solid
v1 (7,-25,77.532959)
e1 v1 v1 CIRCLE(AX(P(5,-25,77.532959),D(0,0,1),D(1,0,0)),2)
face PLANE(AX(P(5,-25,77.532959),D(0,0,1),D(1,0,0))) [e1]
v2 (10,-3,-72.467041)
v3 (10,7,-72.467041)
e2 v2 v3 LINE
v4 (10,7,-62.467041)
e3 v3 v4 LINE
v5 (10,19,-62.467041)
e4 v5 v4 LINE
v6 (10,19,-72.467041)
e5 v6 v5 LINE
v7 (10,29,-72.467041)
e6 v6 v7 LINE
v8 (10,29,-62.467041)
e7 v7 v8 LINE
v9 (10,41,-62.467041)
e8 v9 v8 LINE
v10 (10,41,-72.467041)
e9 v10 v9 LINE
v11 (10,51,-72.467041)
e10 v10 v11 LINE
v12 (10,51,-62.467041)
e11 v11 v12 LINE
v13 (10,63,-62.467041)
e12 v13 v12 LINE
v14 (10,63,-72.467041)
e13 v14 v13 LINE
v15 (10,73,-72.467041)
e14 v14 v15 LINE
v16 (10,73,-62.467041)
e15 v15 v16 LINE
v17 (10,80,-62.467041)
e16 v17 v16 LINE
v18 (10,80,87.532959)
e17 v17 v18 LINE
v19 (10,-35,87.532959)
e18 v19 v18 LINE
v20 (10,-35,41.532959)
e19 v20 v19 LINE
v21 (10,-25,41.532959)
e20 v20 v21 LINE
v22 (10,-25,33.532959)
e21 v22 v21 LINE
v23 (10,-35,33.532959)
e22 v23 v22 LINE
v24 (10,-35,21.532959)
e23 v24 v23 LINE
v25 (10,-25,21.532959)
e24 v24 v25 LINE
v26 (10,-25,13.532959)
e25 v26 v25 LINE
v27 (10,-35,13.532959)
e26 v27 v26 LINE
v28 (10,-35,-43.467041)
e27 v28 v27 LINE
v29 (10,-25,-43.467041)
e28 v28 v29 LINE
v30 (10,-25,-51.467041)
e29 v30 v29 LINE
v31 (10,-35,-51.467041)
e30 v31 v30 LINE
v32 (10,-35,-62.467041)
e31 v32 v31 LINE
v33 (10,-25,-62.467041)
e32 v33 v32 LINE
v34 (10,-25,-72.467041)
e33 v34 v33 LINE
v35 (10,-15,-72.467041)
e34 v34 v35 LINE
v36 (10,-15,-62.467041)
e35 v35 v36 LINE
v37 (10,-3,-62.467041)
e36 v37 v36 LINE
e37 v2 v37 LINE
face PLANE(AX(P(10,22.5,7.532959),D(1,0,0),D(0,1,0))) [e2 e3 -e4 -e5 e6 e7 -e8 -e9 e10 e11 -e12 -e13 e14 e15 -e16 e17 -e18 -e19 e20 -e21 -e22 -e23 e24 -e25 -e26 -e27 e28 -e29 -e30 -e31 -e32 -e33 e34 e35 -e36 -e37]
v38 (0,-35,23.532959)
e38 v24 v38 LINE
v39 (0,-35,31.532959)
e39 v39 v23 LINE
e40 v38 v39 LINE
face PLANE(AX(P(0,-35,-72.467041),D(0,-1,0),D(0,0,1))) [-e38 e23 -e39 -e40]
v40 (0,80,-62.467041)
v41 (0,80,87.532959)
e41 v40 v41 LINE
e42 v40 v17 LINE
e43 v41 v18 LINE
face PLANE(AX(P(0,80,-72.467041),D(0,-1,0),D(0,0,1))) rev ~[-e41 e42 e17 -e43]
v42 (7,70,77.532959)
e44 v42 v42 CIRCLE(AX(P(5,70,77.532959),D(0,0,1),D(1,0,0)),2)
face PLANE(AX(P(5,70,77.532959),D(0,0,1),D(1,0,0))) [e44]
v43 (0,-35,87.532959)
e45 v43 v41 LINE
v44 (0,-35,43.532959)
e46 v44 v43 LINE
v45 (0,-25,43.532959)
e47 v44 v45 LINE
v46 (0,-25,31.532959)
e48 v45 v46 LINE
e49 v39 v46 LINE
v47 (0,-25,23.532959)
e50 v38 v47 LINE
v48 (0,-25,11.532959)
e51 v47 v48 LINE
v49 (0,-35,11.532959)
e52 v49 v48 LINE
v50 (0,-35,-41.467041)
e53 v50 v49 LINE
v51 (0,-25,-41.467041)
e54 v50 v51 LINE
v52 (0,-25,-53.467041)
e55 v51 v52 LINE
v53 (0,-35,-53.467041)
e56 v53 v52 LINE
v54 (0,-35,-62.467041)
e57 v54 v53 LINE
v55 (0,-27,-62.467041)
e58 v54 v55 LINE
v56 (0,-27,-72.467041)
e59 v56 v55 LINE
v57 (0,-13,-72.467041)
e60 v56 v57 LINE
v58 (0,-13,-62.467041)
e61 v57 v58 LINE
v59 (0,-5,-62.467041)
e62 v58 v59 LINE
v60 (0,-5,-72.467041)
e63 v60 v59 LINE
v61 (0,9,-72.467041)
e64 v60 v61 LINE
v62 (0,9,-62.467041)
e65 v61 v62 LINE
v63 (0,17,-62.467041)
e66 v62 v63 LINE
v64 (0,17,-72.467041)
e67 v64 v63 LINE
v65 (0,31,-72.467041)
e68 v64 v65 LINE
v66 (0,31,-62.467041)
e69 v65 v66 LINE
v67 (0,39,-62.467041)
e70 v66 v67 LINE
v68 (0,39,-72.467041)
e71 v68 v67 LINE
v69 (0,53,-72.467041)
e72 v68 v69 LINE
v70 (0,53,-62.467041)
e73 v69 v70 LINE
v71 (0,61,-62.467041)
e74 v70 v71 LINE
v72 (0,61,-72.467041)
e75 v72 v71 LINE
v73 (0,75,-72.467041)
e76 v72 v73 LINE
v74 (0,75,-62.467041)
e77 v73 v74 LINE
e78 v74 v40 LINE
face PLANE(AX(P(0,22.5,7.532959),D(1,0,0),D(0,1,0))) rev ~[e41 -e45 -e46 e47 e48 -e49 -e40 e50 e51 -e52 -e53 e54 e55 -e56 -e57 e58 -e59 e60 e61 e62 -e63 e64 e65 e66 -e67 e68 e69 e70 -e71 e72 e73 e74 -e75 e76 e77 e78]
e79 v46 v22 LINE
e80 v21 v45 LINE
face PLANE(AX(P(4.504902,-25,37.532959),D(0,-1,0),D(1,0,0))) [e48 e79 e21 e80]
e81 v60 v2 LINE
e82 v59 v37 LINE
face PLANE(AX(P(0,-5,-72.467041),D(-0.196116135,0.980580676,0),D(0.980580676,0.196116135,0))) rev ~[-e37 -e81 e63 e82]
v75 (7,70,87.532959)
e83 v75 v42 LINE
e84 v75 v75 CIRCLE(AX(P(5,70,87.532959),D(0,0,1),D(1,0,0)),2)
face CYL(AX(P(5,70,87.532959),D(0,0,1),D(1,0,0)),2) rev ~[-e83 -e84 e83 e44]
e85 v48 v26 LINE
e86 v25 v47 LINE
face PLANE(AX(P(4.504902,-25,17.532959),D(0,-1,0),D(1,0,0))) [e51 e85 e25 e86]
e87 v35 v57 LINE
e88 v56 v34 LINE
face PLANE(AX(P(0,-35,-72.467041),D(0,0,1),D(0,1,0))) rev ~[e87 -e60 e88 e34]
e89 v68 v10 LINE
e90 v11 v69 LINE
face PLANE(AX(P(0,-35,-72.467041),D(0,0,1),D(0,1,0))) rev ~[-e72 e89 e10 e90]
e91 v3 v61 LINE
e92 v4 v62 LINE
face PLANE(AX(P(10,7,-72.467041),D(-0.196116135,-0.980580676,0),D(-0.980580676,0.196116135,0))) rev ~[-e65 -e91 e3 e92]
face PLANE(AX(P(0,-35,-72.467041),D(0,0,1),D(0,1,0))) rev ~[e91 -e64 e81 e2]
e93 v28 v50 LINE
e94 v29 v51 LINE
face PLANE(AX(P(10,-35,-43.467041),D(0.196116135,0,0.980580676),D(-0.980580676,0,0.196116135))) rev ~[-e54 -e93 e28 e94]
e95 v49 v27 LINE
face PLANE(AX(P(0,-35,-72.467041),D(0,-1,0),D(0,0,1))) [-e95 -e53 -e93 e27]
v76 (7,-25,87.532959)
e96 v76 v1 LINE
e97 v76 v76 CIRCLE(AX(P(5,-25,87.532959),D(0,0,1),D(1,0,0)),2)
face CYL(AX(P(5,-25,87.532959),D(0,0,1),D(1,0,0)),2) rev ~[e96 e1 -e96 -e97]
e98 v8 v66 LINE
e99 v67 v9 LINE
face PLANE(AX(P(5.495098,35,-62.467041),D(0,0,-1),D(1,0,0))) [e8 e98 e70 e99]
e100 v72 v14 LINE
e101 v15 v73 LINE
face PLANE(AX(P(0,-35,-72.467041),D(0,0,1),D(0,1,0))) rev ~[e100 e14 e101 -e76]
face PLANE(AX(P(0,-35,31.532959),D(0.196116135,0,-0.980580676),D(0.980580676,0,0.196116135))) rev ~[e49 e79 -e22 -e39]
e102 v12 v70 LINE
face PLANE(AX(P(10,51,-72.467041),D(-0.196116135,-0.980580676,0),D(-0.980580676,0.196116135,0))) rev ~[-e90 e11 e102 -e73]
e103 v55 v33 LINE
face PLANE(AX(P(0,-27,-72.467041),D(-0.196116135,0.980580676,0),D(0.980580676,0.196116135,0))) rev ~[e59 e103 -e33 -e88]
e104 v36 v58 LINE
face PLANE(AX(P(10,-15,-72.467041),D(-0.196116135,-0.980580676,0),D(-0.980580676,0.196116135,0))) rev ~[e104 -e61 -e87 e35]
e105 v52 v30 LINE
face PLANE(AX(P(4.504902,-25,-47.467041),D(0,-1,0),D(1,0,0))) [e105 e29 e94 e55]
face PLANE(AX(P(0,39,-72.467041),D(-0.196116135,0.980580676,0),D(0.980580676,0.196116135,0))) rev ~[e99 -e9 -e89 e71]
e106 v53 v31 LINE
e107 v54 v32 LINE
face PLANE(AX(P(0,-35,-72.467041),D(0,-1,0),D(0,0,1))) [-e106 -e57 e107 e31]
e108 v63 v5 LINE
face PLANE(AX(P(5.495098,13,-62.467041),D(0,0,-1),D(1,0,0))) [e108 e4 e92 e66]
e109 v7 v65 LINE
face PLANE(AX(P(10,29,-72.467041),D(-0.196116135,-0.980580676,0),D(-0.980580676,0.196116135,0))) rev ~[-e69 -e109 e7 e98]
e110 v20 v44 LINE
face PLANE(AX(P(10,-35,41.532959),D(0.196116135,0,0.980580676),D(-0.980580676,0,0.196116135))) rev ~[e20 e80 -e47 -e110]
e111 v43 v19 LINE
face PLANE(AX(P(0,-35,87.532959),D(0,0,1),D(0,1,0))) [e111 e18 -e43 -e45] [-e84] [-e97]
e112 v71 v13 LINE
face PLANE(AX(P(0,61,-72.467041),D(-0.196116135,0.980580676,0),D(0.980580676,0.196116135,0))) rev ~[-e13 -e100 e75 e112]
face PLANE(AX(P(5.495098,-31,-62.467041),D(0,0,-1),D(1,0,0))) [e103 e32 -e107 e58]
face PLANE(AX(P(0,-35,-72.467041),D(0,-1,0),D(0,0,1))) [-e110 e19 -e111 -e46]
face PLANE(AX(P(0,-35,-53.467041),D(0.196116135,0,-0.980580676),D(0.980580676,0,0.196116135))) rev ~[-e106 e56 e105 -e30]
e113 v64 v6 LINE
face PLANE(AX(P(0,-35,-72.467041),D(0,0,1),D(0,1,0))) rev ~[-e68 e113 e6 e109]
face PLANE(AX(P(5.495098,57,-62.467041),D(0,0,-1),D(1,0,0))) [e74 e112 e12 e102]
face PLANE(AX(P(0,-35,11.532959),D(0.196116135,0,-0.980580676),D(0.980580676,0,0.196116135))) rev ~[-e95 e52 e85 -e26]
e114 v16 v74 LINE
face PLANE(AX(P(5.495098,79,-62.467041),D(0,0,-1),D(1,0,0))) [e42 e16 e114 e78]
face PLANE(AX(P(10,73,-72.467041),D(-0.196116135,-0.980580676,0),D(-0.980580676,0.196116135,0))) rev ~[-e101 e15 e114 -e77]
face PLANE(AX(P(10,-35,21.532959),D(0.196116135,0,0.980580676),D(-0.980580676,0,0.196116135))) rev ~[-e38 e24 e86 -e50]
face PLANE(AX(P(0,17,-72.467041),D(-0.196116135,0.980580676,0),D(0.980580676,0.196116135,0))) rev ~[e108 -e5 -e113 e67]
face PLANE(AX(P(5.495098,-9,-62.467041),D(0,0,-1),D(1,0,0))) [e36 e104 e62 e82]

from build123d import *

# Parameters (mm, degrees)
F0_W     = 115
F0_H     = 160
F1_DEPTH = 10
F3_DEPTH = 10
F5_DEPTH = 10
F6_R     = 2
F7_DEPTH = 10


with BuildPart() as f1:
    # F0 (on Right) → F1 (new body)
    with BuildSketch(Plane.YZ):
        with Locations((22.5, 7.532959)):
            Rectangle(F0_W, F0_H)
    extrude(amount=F1_DEPTH)

    # F2 (on face) → F3 (cut)
    with BuildSketch(Plane.XZ.offset(35)):
        Polygon((10, 41.532959), (0, 43.532959), (0, 31.532959), (10, 33.532959), align=None)
        Polygon((10, 21.532959), (0, 23.532959), (0, 11.532959), (10, 13.532959), align=None)
        Polygon((10, -43.467041), (0, -41.467041), (0, -53.467041), (10, -51.467041), align=None)
    extrude(amount=-F3_DEPTH, mode=Mode.SUBTRACT)

    # F4 (on face) → F5 (cut)
    with BuildSketch(Plane(origin=(0, 0, -72.467041), x_dir=(1, 0, 0), z_dir=(0, 0, -1))):
        Polygon((10, 37), (0, 35), (0, 27), (10, 25), align=None)
        Polygon((10, 3), (10, 15), (0, 13), (0, 5), align=None)
        Polygon((10, -19), (10, -7), (0, -9), (0, -17), align=None)
        Polygon((10, -41), (10, -29), (0, -31), (0, -39), align=None)
        Polygon((10, -63), (10, -51), (0, -53), (0, -61), align=None)
        Polygon((10, -85), (10, -73), (0, -75), (0, -83), align=None)
    extrude(amount=-F5_DEPTH, mode=Mode.SUBTRACT)

    # F6 (on face) → F7 (cut)
    with BuildSketch(Plane.XY.offset(87.532959)):
        with Locations((5, 70)):
            Circle(F6_R)
        with Locations((5, -25)):
            Circle(F6_R)
    extrude(amount=-F7_DEPTH, mode=Mode.SUBTRACT)


solid = f1.part
